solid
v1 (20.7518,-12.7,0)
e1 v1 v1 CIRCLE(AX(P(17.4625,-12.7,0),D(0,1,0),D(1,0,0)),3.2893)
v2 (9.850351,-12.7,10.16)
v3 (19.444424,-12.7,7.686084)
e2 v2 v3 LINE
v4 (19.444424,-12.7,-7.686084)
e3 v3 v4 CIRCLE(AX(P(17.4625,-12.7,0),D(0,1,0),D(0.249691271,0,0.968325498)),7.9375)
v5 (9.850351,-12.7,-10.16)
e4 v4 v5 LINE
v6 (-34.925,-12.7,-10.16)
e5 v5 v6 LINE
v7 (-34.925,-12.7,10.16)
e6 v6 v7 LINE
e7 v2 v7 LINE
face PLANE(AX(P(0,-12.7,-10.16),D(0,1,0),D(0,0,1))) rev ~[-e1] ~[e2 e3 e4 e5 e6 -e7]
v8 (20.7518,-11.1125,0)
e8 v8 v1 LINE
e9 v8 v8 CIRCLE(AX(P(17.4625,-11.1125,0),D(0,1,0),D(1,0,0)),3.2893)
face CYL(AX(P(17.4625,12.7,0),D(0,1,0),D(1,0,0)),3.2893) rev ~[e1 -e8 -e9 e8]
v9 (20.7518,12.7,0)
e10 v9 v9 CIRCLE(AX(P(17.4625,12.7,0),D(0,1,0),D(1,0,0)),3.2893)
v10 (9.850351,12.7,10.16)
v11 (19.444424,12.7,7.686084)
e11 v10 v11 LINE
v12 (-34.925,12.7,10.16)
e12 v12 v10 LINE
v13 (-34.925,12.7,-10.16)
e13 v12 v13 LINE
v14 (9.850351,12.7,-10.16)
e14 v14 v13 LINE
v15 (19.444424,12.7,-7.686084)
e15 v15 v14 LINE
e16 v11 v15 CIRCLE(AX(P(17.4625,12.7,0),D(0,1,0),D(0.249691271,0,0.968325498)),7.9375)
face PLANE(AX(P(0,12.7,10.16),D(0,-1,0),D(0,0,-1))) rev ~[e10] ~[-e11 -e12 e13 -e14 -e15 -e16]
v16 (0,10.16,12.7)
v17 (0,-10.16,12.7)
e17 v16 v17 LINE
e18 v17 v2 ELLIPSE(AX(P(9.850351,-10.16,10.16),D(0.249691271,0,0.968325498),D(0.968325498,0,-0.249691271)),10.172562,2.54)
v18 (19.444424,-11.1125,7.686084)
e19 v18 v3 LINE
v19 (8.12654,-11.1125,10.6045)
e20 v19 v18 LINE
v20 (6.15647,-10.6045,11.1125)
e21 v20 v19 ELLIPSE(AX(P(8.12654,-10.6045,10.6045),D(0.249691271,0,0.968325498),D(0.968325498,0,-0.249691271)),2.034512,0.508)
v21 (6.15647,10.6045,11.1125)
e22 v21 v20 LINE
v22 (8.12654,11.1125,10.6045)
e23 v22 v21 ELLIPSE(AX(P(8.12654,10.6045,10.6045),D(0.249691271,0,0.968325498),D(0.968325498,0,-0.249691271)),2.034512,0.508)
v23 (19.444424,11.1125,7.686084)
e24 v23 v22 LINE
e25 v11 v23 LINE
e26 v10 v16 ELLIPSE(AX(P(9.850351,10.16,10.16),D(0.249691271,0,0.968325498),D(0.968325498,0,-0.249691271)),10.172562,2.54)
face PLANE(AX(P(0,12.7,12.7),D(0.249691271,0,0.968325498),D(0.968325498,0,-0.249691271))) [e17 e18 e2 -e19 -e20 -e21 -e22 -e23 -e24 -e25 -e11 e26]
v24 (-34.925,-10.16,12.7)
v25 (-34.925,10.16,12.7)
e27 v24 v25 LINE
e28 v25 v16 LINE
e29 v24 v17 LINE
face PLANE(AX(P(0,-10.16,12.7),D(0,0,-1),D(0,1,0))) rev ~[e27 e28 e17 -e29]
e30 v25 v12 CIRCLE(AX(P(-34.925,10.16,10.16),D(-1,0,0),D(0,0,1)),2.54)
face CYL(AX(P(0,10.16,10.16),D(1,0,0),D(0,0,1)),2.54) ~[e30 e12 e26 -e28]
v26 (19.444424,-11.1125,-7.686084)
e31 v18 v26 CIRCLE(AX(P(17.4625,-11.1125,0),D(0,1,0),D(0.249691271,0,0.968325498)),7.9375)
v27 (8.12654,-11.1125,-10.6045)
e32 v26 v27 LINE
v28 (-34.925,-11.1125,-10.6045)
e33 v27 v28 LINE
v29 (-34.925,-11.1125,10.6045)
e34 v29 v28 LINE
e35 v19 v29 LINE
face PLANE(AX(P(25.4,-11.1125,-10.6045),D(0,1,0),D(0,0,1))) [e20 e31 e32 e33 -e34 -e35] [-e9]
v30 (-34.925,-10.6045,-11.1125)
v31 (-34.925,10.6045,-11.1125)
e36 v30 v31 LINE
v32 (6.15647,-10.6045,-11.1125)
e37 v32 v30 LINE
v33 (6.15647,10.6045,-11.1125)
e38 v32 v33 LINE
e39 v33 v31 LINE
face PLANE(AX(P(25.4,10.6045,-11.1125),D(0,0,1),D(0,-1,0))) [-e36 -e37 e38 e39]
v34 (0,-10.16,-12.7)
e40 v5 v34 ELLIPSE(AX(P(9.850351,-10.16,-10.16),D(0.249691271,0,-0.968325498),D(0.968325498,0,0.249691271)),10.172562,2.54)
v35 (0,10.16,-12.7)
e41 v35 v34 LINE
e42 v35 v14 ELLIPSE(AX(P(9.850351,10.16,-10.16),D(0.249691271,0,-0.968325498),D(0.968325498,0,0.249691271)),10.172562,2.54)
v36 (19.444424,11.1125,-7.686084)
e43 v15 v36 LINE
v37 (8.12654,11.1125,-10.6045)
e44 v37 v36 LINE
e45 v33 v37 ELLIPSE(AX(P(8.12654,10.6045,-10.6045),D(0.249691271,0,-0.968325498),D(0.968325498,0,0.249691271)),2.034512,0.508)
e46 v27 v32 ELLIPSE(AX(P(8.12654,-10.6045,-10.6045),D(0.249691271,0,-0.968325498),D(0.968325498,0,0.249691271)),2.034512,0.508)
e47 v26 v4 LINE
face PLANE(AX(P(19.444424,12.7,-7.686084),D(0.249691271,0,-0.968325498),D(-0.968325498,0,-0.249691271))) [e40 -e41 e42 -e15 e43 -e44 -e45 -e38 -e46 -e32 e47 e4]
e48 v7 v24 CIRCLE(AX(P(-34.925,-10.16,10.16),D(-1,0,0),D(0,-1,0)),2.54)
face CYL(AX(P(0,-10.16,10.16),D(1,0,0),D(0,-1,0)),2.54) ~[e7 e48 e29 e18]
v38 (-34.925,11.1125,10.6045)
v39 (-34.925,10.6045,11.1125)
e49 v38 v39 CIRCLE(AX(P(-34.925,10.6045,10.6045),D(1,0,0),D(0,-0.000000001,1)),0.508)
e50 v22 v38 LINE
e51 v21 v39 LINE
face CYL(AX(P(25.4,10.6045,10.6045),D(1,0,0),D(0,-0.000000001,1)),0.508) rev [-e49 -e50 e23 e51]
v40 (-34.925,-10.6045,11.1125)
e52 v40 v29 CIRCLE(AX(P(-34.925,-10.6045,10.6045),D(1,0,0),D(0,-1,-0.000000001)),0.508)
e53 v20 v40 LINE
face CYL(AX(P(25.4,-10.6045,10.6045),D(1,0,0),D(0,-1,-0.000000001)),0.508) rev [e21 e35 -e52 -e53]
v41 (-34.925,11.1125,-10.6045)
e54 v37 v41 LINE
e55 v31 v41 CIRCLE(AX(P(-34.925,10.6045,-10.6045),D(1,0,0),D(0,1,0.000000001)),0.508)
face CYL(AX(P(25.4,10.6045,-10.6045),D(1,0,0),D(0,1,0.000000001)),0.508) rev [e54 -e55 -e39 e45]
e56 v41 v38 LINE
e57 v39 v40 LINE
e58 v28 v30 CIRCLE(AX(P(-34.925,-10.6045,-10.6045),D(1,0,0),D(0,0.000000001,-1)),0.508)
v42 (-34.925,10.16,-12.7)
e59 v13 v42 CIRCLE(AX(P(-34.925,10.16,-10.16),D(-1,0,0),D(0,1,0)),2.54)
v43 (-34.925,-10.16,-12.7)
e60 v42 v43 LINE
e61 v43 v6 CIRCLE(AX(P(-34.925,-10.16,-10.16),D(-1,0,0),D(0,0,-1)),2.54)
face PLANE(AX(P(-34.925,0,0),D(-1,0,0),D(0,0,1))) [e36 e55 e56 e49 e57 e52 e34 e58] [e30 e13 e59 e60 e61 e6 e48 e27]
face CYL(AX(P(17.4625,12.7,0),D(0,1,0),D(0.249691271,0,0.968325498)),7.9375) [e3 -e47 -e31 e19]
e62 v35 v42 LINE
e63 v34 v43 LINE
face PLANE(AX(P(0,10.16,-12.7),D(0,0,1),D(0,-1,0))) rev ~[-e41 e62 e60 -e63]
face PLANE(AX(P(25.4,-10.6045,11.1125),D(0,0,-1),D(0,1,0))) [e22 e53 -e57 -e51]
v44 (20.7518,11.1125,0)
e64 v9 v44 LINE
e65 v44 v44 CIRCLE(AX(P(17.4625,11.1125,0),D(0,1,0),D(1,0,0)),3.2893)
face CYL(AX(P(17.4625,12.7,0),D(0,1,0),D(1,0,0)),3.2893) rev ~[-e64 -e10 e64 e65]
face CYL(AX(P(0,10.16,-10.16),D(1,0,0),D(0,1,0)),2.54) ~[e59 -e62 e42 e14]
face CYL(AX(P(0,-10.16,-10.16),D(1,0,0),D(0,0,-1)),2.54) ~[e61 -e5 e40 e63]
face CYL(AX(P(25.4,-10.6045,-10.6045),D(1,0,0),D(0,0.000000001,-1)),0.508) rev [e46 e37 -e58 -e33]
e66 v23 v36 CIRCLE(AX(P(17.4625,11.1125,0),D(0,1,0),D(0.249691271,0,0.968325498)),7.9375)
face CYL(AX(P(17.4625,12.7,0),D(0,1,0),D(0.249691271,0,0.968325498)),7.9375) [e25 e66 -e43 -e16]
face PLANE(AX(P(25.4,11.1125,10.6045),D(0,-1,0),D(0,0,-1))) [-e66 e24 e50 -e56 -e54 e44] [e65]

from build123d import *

# Parameters (mm, degrees)
BOSS_EXTRUDE1_DEPTH      = 25.4
BOSS_EXTRUDE1_DEPTH_BACK = 34.925
CUT_EXTRUDE4_DEPTH       = 61.325
CUT_EXTRUDE5_DEPTH       = 26.4
SKETCH14_R               = 3.2893
CUT_EXTRUDE6_DEPTH       = 26.4


with BuildPart() as part:
    # Sketch1 → Boss-Extrude1 (new body, two sides)
    with BuildSketch(Plane(origin=(0, 0, 0), x_dir=(0, 0, -1), z_dir=(1, 0, 0))) as boss_extrude1_sk:
        with BuildLine():
            Line((-10.16, 12.7), (10.16, 12.7))
            ThreePointArc((10.16, 12.7), (11.956051224, 11.956051224), (12.7, 10.16))
            Line((12.7, 10.16), (12.7, -10.16))
            ThreePointArc((12.7, -10.16), (11.956051224, -11.956051224), (10.16, -12.7))
            Line((10.16, -12.7), (-10.16, -12.7))
            ThreePointArc((-10.16, -12.7), (-11.956051224, -11.956051224), (-12.7, -10.16))
            Line((-12.7, -10.16), (-12.7, 10.16))
            ThreePointArc((-12.7, 10.16), (-11.956051224, 11.956051224), (-10.16, 12.7))
        make_face()
    extrude(amount=BOSS_EXTRUDE1_DEPTH)
    extrude(boss_extrude1_sk.sketch, amount=-BOSS_EXTRUDE1_DEPTH_BACK)

    # Sketch11 → Cut-Extrude4 (cut, through all)
    with BuildSketch(Plane(origin=(25.4, 0, 0), x_dir=(0, 0, -1), z_dir=(1, 0, 0))):
        with BuildLine():
            Line((-10.6045, 11.1125), (10.6045, 11.1125))
            ThreePointArc((10.6045, 11.1125), (10.963710245, 10.963710245), (11.1125, 10.6045))
            Line((11.1125, 10.6045), (11.1125, -10.6045))
            ThreePointArc((11.1125, -10.6045), (10.963710245, -10.963710245), (10.6045, -11.1125))
            Line((10.6045, -11.1125), (-10.6045, -11.1125))
            ThreePointArc((-10.6045, -11.1125), (-10.963710245, -10.963710245), (-11.1125, -10.6045))
            Line((-11.1125, -10.6045), (-11.1125, 10.6045))
            ThreePointArc((-11.1125, 10.6045), (-10.963710245, 10.963710245), (-10.6045, 11.1125))
        make_face()
    extrude(amount=-CUT_EXTRUDE4_DEPTH, mode=Mode.SUBTRACT)

    # Sketch12 → Cut-Extrude5 (cut, through all)
    with BuildSketch(Plane(origin=(0, 12.7, 0), x_dir=(1, 0, 0), z_dir=(0, 1, 0))):
        with BuildLine():
            Line((0, 12.7), (50.8, 12.7))
            Line((50.8, 12.7), (50.8, -12.7))
            Line((50.8, -12.7), (0, -12.7))
            Line((0, -12.7), (19.444424463, -7.686083637))
            ThreePointArc((19.444424463, -7.686083637), (25.4, 0), (19.444424463, 7.686083637))
            Line((19.444424463, 7.686083637), (0, 12.7))
        make_face()
    extrude(amount=-CUT_EXTRUDE5_DEPTH, mode=Mode.SUBTRACT)

    # Sketch14 → Cut-Extrude6 (cut, through all)
    with BuildSketch(Plane(origin=(0, 12.7, 0), x_dir=(1, 0, 0), z_dir=(0, 1, 0))):
        with Locations((17.4625, 0)):
            Circle(SKETCH14_R)
    extrude(amount=-CUT_EXTRUDE6_DEPTH, mode=Mode.SUBTRACT)


solid = part.part
